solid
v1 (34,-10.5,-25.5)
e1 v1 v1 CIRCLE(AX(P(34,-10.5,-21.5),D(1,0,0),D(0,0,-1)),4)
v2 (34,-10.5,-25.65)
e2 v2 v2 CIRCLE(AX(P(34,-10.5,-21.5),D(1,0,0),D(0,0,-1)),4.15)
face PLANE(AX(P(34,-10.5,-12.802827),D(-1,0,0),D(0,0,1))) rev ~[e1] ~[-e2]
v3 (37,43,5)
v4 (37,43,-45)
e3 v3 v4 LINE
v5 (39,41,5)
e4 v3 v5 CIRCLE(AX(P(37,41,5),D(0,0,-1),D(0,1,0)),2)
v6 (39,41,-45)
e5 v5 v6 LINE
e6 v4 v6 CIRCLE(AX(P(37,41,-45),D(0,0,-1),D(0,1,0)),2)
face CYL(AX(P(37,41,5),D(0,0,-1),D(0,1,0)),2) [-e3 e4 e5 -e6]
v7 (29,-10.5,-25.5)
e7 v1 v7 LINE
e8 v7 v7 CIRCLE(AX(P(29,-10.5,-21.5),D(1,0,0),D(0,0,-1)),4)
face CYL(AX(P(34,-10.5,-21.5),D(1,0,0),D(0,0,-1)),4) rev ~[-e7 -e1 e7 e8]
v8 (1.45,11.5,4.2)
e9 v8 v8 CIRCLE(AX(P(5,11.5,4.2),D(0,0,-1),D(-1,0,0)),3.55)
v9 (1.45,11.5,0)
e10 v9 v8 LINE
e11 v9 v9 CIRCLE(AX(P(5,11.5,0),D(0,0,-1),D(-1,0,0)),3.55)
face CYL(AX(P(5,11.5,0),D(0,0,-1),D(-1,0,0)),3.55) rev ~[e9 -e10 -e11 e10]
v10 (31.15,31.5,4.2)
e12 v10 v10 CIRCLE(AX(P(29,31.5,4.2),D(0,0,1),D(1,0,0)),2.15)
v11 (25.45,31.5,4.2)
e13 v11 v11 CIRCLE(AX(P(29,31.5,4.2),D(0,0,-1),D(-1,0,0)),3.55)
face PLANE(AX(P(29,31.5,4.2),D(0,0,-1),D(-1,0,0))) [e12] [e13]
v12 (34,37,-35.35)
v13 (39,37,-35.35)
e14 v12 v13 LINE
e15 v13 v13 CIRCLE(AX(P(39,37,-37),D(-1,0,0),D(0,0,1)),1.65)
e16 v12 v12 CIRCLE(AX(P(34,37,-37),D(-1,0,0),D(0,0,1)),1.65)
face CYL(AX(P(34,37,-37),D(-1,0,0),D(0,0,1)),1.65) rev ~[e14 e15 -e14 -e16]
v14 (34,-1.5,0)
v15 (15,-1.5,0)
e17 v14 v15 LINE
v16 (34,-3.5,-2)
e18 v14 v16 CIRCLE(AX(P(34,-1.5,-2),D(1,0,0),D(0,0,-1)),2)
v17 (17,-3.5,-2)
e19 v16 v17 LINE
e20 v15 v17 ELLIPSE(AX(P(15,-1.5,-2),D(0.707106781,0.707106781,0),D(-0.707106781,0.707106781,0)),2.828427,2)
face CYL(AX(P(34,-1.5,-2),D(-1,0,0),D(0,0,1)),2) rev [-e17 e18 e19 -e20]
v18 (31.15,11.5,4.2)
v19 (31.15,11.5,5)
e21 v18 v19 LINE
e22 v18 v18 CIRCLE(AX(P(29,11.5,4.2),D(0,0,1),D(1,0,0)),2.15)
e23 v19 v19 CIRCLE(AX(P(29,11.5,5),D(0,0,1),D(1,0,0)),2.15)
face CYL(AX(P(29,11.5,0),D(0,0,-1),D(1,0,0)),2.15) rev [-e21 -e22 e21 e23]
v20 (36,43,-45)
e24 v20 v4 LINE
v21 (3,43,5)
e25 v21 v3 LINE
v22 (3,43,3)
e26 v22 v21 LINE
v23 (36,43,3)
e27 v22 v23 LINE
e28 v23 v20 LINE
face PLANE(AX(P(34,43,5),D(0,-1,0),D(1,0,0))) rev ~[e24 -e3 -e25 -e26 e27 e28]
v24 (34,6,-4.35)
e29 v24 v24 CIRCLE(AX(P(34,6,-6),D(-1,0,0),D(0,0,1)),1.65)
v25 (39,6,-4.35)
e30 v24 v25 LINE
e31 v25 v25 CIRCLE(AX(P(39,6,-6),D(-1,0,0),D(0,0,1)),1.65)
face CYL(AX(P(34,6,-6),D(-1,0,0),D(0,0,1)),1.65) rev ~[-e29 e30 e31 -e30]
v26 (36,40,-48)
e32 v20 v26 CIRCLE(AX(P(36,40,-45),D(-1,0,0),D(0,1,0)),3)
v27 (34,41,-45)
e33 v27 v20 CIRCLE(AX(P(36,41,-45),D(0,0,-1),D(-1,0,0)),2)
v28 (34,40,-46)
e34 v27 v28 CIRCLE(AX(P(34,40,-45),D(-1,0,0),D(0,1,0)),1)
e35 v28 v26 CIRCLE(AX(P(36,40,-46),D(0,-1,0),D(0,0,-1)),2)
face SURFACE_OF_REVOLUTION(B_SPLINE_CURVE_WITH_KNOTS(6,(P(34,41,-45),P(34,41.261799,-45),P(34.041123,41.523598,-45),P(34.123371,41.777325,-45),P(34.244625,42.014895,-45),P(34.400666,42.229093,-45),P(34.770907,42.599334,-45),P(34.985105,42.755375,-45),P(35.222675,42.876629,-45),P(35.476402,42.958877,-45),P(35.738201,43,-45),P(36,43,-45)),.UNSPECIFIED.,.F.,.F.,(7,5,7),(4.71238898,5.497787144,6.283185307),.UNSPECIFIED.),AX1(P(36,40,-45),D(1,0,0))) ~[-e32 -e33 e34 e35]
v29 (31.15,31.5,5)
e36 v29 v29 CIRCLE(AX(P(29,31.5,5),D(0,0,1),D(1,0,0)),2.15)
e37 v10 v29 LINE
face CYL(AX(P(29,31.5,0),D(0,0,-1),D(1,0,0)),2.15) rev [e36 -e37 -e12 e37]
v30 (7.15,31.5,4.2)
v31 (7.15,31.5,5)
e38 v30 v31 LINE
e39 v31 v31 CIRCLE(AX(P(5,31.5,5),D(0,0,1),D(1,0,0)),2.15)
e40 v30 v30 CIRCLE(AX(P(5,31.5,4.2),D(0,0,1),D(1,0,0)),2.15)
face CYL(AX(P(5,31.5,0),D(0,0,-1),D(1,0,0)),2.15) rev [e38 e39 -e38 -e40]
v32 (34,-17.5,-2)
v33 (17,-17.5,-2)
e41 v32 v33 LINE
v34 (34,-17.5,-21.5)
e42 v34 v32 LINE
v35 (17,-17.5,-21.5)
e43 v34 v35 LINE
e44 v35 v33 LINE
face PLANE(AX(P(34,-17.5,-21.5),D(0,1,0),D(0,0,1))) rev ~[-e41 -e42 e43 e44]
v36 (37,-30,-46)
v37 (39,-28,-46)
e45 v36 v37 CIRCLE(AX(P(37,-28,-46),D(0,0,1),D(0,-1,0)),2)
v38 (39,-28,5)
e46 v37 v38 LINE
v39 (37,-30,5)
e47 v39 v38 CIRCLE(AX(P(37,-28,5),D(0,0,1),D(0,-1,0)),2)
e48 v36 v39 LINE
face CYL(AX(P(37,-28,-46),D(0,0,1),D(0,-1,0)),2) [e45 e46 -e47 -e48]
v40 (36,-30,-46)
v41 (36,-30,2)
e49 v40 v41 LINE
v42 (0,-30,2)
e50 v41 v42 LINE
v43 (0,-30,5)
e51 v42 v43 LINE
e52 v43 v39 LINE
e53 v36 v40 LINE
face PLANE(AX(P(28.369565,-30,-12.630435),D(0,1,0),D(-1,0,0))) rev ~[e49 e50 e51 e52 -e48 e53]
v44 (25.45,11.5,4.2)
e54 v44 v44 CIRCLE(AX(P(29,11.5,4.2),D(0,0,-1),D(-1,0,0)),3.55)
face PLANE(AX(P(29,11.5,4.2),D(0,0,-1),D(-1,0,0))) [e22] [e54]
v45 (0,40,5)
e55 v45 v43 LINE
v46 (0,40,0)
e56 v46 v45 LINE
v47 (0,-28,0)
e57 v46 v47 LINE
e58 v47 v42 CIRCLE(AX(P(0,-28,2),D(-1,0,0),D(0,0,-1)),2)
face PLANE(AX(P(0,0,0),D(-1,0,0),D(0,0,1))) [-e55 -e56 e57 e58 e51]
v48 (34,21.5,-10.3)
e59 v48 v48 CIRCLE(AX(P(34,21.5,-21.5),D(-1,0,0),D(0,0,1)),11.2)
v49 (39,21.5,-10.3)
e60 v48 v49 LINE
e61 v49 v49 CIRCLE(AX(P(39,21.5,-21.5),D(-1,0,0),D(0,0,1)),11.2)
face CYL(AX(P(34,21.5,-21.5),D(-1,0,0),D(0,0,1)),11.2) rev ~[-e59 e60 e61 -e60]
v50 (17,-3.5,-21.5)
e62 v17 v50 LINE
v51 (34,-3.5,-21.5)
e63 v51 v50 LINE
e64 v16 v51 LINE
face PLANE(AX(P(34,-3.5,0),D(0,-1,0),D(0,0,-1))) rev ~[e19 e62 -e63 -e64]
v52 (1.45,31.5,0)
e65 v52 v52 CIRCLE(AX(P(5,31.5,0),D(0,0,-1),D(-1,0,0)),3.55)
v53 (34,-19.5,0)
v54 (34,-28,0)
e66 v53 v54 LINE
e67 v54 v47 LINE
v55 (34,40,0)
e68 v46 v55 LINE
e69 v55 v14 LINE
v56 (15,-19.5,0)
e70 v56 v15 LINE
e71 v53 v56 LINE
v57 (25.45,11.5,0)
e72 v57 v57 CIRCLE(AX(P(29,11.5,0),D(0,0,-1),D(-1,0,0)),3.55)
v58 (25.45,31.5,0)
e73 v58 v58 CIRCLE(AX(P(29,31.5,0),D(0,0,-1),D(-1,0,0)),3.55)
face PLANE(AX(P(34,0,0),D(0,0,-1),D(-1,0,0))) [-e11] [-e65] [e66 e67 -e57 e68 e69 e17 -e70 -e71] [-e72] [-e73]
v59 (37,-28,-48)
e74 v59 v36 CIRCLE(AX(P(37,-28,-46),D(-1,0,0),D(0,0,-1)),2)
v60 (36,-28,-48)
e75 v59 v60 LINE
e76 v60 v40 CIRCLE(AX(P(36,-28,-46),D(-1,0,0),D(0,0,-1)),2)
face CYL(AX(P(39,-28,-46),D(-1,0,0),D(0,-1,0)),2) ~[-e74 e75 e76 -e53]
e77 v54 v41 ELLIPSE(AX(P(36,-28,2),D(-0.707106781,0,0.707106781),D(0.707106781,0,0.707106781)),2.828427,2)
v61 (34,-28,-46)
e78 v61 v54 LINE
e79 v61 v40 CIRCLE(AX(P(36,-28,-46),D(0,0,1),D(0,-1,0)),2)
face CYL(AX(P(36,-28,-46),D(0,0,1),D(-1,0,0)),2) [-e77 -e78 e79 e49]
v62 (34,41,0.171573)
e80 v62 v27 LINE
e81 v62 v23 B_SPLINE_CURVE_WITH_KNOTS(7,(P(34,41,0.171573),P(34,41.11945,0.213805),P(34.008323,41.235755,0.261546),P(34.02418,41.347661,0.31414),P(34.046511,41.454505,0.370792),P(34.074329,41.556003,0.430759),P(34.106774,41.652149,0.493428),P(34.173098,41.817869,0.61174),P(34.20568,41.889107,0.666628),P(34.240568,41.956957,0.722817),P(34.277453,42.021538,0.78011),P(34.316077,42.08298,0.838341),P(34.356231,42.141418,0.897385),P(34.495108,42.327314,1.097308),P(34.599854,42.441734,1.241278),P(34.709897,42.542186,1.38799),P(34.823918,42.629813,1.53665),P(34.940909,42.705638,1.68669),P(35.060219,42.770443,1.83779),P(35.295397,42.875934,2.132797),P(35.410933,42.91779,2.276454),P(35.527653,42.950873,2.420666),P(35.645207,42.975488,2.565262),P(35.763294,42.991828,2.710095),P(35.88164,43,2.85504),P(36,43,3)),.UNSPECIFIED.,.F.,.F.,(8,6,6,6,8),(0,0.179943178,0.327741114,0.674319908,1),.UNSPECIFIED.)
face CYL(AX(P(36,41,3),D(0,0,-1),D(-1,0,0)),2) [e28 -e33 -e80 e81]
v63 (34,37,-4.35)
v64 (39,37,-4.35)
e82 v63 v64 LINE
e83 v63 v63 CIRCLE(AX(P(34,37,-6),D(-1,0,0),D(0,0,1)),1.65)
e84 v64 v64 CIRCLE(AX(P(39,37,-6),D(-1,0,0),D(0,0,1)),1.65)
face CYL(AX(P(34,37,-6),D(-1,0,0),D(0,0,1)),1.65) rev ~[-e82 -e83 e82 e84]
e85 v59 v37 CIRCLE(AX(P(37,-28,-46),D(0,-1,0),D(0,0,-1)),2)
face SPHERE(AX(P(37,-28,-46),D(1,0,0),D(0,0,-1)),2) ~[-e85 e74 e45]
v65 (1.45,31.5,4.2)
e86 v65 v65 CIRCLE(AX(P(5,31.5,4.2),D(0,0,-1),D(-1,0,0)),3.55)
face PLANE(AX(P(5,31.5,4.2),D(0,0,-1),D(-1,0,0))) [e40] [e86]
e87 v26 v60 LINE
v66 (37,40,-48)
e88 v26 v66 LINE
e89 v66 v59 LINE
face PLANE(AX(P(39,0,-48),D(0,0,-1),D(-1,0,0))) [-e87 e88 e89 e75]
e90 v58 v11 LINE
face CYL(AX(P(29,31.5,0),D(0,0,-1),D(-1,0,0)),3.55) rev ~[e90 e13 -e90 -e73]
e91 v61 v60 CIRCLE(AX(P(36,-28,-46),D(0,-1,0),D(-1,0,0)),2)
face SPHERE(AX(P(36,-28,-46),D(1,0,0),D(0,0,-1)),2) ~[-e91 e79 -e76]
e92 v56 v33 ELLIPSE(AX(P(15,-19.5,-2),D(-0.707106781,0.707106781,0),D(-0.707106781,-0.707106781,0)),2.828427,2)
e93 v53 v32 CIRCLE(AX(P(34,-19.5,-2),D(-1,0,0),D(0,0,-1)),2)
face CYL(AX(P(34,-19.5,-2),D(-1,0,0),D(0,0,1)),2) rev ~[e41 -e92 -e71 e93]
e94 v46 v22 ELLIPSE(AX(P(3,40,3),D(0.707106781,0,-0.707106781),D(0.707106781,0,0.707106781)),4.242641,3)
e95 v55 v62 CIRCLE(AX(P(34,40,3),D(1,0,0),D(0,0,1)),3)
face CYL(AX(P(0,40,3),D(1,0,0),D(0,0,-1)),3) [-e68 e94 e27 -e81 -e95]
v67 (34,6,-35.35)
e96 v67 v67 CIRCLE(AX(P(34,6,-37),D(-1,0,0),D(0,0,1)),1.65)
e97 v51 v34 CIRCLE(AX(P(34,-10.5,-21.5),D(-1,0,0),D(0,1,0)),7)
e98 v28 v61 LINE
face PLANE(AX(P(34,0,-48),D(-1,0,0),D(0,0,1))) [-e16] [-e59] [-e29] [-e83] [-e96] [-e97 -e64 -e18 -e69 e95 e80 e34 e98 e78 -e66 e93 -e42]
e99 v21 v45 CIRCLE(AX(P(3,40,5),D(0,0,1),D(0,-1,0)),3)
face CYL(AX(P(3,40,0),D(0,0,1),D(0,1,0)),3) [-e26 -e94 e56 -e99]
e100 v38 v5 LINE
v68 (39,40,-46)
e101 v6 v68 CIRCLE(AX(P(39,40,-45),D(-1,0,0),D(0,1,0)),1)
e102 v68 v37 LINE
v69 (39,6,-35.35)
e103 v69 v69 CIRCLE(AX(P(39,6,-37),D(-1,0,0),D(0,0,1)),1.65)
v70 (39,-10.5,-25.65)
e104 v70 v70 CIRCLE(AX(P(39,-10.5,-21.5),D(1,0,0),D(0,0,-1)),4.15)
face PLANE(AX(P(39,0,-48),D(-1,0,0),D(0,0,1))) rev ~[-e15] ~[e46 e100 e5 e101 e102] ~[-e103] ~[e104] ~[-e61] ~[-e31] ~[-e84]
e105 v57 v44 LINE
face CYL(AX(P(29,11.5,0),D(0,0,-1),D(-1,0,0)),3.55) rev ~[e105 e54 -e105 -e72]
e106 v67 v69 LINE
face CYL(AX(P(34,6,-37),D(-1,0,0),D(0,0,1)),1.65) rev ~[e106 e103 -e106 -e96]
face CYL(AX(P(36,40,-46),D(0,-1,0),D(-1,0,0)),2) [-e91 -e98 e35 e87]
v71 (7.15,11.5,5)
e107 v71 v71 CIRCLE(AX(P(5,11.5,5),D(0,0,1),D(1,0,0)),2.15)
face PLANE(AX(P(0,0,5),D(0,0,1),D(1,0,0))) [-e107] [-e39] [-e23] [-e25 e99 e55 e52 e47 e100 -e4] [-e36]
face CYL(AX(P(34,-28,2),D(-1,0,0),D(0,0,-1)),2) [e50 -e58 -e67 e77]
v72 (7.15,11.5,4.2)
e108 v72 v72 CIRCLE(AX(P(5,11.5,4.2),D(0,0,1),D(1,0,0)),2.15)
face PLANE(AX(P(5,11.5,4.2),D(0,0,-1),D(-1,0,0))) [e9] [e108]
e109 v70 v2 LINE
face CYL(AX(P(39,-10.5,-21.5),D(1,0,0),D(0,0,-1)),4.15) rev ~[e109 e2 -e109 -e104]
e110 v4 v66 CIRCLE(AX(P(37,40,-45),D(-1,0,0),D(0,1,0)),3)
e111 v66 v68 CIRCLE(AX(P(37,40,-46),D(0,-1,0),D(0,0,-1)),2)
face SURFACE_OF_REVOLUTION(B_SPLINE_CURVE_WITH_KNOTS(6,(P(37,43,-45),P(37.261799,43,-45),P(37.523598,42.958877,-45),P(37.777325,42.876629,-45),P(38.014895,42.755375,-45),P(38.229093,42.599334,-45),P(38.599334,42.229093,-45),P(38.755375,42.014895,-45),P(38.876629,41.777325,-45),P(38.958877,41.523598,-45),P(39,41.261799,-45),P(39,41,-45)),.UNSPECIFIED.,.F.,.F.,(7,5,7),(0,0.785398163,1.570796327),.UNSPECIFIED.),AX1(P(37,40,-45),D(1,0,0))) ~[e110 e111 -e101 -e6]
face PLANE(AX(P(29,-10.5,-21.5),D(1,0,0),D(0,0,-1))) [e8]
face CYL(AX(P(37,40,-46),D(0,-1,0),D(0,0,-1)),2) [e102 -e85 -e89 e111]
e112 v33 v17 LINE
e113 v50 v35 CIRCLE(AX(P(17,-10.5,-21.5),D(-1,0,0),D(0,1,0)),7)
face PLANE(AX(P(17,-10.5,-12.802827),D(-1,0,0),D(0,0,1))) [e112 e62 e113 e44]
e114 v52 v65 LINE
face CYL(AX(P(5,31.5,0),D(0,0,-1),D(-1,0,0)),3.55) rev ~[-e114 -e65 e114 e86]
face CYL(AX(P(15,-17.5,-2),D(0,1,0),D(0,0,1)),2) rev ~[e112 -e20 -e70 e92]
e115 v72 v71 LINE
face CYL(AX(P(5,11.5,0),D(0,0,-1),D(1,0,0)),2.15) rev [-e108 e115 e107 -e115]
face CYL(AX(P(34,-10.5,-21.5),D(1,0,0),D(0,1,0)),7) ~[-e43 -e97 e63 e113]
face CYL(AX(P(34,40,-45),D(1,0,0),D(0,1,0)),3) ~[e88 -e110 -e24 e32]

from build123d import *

# Parameters (mm, degrees)
SKETCH1_W           = 34
SKETCH1_H           = 43
SKETCH1_R           = 2.15
BOSS_EXTRUDE2_DEPTH = 5
SKETCH2_W           = 5
SKETCH2_H           = 43
BOSS_EXTRUDE3_DEPTH = 53
SKETCH3_R           = 3.55
SKETCH3_R_2         = 2.15
CUT_EXTRUDE1_DEPTH  = 4.2
SKETCH5_R           = 1.65
SKETCH5_R_2         = 11.2
CUT_EXTRUDE2_DEPTH  = 5
FILLET1_R           = 3
BOSS_EXTRUDE6_DEPTH = 30
SKETCH9_R           = 4.15
CUT_EXTRUDE3_DEPTH  = 10
BOSS_EXTRUDE9_DEPTH = 17
SKETCH11_R          = 4
CUT_EXTRUDE4_DEPTH  = 5
FILLET5_R           = 2
FILLET6_R           = 2
FILLET7_R           = 2


with BuildPart() as part:
    # Sketch1 → Boss-Extrude2 (new body)
    with BuildSketch(Plane.XY):
        with Locations((17, 21.5)):
            Rectangle(SKETCH1_W, SKETCH1_H)
        with Locations((5, 31.5)):
            Circle(SKETCH1_R, mode=Mode.SUBTRACT)
        with Locations((29, 31.5)):
            Circle(SKETCH1_R, mode=Mode.SUBTRACT)
        with Locations((5, 11.5)):
            Circle(SKETCH1_R, mode=Mode.SUBTRACT)
        with Locations((29, 11.5)):
            Circle(SKETCH1_R, mode=Mode.SUBTRACT)
    extrude(amount=BOSS_EXTRUDE2_DEPTH)

    # Sketch2 → Boss-Extrude3 (add)
    with BuildSketch(Plane.XY.offset(5)):
        with Locations((36.5, 21.5)):
            Rectangle(SKETCH2_W, SKETCH2_H)
    extrude(amount=-BOSS_EXTRUDE3_DEPTH)

    # Sketch3 → Cut-Extrude1 (cut)
    with BuildSketch(Plane(origin=(0, 0, 0), x_dir=(-1, 0, 0), z_dir=(0, 0, -1))):
        with Locations((-29, 31.5)):
            Circle(SKETCH3_R)
        with Locations((-29, 31.5)):
            Circle(SKETCH3_R_2, mode=Mode.SUBTRACT)
        with Locations((-5, 31.5)):
            Circle(SKETCH3_R)
        with Locations((-5, 31.5)):
            Circle(SKETCH3_R_2, mode=Mode.SUBTRACT)
        with Locations((-5, 11.5)):
            Circle(SKETCH3_R)
        with Locations((-5, 11.5)):
            Circle(SKETCH3_R_2, mode=Mode.SUBTRACT)
        with Locations((-29, 11.5)):
            Circle(SKETCH3_R)
        with Locations((-29, 11.5)):
            Circle(SKETCH3_R_2, mode=Mode.SUBTRACT)
    extrude(amount=-CUT_EXTRUDE1_DEPTH, mode=Mode.SUBTRACT)

    # Sketch5 → Cut-Extrude2 (cut)
    with BuildSketch(Plane.ZY.offset(-34)):
        with Locations((-6, 6)):
            Circle(SKETCH5_R)
        with Locations((-37, 6)):
            Circle(SKETCH5_R)
        with Locations((-37, 37)):
            Circle(SKETCH5_R)
        with Locations((-21.5, 21.5)):
            Circle(SKETCH5_R_2)
        with Locations((-6, 37)):
            Circle(SKETCH5_R)
    extrude(amount=-CUT_EXTRUDE2_DEPTH, mode=Mode.SUBTRACT)

    # Fillet1
    fillet1_edges = [part.edges().sort_by_distance(p)[0] for p in [
        (36.5, 43, -48),
        (17, 43, 0),
        (0, 43, 2.5),
    ]]
    fillet(fillet1_edges, radius=FILLET1_R)

    # Sketch7 → Boss-Extrude6 (add)
    with BuildSketch(Plane.XZ):
        Polygon((0, 5), (39, 5), (39, 0), (39, -48), (34, -48), (34, 0), (0, 0), align=None)
    extrude(amount=BOSS_EXTRUDE6_DEPTH)

    # Sketch9 → Cut-Extrude3 (cut)
    with BuildSketch(Plane(origin=(39, 0, 0), x_dir=(0, 0, -1), z_dir=(1, 0, 0))):
        with Locations((21.5, -10.5)):
            Circle(SKETCH9_R)
    extrude(amount=-CUT_EXTRUDE3_DEPTH, mode=Mode.SUBTRACT)

    # Sketch10 → Boss-Extrude9 (add)
    with BuildSketch(Plane.ZY.offset(-34)):
        with BuildLine():
            Line((0, -3.5), (-21.5, -3.5))
            ThreePointArc((-21.5, -3.5), (-28.5, -10.5), (-21.5, -17.5))
            Line((-21.5, -17.5), (0, -17.5))
            Line((0, -17.5), (0, -3.5))
        make_face()
    extrude(amount=BOSS_EXTRUDE9_DEPTH)

    # Sketch11 → Cut-Extrude4 (cut)
    with BuildSketch(Plane(origin=(34, 0, 0), x_dir=(0, 0, -1), z_dir=(1, 0, 0))):
        with Locations((21.5, -10.5)):
            Circle(SKETCH11_R)
    extrude(amount=-CUT_EXTRUDE4_DEPTH, mode=Mode.SUBTRACT)

    # Fillet5
    fillet5_edges = [part.edges().sort_by_distance(p)[0] for p in [
        (17, -30, 0),
        (36.5, -30, -48),
    ]]
    fillet(fillet5_edges, radius=FILLET5_R)

    # Fillet6
    fillet6_edges = [part.edges().sort_by_distance(p)[0] for p in [
        (25.5, -3.5, 0),
        (25.5, -17.5, 0),
        (17, -10.5, 0),
    ]]
    fillet(fillet6_edges, radius=FILLET6_R)

    # Fillet7
    fillet7_edges = [part.edges().sort_by_distance(p)[0] for p in [
        (39, -30, -20.5),
        (39, -29.414213562, -47.414213562),
        (39, 43, -20),
        (39, 42.121320344, -47.121320344),
        (34, 43, -21),
        (34, 42.121320344, -47.121320344),
        (34, -30, -23),
        (34, -29.414213562, -47.414213562),
        (39, 6, -48),
        (34, 6, -48),
    ]]
    fillet(fillet7_edges, radius=FILLET7_R)


solid = part.part
